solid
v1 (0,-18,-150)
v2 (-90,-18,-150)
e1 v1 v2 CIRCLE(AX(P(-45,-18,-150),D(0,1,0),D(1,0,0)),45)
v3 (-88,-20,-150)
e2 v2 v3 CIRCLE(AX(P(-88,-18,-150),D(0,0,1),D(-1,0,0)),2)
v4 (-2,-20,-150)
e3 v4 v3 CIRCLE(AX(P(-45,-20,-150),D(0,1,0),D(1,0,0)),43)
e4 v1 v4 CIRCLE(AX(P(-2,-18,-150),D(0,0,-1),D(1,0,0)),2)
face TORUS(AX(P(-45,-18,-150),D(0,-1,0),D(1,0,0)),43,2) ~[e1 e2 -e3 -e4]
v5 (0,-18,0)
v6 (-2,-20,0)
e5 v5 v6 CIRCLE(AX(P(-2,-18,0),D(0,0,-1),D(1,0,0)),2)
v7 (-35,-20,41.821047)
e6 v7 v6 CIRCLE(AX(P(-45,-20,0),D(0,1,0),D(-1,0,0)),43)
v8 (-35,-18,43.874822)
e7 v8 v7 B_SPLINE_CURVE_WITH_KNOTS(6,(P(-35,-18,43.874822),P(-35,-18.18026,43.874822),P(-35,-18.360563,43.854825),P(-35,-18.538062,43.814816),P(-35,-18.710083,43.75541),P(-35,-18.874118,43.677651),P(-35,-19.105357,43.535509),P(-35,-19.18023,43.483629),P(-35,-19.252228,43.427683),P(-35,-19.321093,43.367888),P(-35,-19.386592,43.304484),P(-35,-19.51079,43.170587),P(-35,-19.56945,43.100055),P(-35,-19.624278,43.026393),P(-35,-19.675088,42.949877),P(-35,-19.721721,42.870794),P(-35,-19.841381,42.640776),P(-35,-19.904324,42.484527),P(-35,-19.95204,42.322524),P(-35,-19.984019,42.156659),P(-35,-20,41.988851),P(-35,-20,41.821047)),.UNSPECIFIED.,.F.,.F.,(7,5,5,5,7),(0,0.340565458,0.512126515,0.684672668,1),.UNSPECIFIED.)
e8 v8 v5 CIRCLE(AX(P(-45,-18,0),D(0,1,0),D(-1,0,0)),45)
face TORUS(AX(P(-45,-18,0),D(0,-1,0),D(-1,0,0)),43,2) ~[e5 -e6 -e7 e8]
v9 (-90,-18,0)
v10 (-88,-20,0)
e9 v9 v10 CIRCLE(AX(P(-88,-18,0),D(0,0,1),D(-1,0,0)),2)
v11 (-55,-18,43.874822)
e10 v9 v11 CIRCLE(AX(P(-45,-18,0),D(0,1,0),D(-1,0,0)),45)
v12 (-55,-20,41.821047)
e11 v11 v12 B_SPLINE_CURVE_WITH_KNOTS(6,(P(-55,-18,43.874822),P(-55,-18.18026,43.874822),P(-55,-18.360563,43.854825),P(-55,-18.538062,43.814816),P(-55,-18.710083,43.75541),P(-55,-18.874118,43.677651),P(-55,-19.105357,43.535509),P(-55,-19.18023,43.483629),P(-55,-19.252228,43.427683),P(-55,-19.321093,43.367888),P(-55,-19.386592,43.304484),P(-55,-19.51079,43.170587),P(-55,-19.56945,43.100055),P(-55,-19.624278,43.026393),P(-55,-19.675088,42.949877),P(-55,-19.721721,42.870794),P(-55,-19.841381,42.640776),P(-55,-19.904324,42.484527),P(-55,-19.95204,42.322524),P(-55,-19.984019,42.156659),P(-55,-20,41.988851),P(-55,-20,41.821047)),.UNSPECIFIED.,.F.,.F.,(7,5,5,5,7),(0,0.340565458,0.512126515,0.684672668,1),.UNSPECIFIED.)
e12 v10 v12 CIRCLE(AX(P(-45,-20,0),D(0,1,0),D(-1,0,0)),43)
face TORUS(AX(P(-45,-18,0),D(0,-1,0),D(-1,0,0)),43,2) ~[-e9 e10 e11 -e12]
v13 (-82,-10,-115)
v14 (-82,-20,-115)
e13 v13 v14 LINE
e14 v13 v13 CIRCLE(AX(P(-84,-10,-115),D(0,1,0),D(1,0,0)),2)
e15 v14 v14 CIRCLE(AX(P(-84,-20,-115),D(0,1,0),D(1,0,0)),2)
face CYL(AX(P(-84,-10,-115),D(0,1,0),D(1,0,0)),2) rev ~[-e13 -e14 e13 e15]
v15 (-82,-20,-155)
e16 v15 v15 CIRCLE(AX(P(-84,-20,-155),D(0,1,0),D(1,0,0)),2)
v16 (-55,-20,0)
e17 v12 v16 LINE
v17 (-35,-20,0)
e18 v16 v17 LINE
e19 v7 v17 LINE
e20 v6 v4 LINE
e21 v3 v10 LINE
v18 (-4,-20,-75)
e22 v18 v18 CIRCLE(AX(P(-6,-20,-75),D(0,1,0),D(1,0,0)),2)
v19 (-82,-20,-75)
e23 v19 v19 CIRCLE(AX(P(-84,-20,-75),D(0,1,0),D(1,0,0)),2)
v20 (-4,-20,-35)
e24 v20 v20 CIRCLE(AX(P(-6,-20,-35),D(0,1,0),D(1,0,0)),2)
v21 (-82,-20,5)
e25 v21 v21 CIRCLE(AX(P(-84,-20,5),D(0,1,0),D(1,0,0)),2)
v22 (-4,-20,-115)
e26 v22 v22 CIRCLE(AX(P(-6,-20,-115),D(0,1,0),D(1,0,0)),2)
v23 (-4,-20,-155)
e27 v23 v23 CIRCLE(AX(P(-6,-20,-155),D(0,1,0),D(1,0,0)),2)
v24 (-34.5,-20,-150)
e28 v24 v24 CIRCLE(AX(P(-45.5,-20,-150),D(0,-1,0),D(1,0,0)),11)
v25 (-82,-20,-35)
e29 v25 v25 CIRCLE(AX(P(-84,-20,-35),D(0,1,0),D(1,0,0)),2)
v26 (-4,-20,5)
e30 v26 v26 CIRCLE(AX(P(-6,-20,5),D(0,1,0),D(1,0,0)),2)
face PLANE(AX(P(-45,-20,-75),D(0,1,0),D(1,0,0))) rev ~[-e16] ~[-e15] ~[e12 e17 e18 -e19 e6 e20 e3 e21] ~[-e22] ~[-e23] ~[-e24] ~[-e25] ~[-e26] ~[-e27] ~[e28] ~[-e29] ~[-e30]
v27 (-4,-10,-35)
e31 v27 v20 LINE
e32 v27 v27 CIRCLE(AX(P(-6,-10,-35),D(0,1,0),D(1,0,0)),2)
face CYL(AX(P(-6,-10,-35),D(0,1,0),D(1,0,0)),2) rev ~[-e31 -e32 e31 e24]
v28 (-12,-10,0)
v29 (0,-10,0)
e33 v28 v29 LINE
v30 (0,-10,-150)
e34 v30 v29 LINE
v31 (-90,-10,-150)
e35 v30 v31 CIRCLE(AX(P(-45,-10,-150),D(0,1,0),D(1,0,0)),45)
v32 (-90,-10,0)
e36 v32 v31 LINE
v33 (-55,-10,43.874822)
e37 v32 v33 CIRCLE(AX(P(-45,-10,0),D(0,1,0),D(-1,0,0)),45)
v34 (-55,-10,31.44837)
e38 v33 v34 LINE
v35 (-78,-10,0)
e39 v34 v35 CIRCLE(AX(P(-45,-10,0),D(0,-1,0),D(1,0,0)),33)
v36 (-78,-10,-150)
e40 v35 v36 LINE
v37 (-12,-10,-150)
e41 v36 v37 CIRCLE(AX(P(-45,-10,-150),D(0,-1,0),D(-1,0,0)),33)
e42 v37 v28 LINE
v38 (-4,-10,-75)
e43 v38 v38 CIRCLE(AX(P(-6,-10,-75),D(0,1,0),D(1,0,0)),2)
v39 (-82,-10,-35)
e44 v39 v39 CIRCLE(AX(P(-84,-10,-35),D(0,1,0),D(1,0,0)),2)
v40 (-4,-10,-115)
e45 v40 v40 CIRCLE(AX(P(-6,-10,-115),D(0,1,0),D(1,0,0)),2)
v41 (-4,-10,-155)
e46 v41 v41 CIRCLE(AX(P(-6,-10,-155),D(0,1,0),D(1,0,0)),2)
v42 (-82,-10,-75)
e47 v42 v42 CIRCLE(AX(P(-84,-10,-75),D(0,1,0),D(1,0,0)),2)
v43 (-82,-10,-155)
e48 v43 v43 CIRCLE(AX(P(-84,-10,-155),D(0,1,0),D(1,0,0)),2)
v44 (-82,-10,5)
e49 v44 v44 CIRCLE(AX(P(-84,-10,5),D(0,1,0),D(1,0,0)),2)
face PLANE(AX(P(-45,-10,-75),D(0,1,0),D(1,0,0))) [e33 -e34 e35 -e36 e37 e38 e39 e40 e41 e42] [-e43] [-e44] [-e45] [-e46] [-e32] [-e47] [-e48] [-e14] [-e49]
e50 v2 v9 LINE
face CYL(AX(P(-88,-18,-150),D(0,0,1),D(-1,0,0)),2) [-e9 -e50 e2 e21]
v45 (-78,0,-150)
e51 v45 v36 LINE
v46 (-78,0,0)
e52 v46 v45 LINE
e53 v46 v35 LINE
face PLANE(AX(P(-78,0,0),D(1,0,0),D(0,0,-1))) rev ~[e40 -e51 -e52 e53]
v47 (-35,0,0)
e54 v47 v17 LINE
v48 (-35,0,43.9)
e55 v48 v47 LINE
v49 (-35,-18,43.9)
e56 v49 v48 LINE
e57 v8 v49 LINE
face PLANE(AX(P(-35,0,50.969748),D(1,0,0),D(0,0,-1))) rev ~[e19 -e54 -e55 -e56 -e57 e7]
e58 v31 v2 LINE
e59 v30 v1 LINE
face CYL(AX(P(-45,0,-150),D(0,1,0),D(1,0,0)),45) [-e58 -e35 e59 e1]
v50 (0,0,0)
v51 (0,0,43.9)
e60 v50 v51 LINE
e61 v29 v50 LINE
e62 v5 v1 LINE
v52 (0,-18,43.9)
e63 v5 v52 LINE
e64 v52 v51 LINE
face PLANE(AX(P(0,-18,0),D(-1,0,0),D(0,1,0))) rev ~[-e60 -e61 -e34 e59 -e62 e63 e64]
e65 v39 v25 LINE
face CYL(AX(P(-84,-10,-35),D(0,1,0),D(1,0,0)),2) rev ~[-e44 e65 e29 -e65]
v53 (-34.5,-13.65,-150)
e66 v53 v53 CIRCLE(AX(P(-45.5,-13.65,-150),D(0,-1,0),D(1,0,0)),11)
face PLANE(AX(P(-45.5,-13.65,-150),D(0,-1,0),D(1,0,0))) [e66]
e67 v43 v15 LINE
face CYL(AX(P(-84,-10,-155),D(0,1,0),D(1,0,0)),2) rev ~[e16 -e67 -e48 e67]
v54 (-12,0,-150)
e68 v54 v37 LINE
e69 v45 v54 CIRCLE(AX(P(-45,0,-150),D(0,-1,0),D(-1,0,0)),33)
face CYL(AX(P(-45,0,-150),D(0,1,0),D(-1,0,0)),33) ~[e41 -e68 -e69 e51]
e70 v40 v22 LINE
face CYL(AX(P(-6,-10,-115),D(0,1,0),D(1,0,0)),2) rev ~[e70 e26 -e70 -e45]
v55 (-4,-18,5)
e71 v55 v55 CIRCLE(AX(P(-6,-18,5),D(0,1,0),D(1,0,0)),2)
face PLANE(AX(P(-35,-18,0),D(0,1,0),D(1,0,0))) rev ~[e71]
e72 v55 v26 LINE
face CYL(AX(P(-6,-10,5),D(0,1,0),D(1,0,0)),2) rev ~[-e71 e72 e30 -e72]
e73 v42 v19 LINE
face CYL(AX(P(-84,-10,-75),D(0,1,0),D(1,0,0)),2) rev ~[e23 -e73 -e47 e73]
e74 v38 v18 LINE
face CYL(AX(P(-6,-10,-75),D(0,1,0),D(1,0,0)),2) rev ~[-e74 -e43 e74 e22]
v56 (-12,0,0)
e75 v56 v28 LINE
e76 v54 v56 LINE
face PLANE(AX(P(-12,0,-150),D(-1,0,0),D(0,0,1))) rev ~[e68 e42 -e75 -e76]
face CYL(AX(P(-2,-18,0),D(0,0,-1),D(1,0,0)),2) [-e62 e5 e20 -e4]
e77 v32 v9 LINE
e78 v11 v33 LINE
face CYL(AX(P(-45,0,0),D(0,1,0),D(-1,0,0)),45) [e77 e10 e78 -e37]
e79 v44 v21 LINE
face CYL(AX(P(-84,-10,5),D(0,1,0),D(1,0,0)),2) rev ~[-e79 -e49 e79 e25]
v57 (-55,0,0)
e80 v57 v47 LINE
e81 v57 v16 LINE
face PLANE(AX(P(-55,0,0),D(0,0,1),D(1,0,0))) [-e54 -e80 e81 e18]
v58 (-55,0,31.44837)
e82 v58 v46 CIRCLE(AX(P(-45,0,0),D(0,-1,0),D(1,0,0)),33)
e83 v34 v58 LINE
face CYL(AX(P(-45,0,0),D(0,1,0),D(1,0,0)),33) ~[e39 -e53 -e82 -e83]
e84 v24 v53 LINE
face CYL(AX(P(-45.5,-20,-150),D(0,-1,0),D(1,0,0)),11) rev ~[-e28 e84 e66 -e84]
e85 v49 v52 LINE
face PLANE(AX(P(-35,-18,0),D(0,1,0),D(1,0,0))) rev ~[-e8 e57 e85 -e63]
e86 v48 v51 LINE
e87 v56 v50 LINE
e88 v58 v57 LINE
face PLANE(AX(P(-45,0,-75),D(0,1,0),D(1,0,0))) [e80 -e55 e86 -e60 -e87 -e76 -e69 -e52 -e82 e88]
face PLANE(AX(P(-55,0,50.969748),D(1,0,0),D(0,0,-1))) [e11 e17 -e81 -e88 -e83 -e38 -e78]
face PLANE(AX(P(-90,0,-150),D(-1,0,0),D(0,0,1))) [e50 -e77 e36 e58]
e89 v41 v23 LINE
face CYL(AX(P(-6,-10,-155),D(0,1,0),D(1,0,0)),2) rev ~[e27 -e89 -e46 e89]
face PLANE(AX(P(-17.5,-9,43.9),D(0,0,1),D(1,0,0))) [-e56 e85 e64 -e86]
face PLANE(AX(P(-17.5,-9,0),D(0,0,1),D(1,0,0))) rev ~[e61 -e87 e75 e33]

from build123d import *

# Parameters (mm, degrees)
BOSS_EXTRUDE1_DEPTH = 20
FILLET1_R           = 2
SKETCH4_R           = 11
CUT_EXTRUDE2_DEPTH  = 6.35
SKETCH5_OUTSIDE_W   = 143.42
SKETCH5_OUTSIDE_H   = 293.42
CUT_EXTRUDE3_DEPTH  = 10
SKETCH7_R           = 2
CUT_EXTRUDE4_DEPTH  = 11
SKETCH9_W           = 20
SKETCH9_H           = 50.969748303
CUT_EXTRUDE6_DEPTH  = 21
SKETCH10_W          = 35
SKETCH10_H          = 18
BOSS_EXTRUDE2_DEPTH = 43.9


with BuildPart() as part:
    # Sketch1 → Boss-Extrude1 (new body)
    with BuildSketch(Plane(origin=(0, 0, 0), x_dir=(1, 0, 0), z_dir=(0, 1, 0))):
        with BuildLine():
            Line((0, 0), (0, 150))
            ThreePointArc((0, 150), (-45, 195), (-90, 150))
            Line((-90, 150), (-90, 0))
            ThreePointArc((-90, 0), (-45, -45), (0, 0))
        make_face()
    extrude(amount=-BOSS_EXTRUDE1_DEPTH)

    # Fillet1
    fillet1_edges = [part.edges().sort_by_distance(p)[0] for p in [
        (-45, -20, -195),
        (-90, -20, -75),
        (-45, -20, 45),
        (-90, 0, -75),
        (-45, 0, -195),
        (0, 0, -75),
        (-45, 0, 45),
        (0, -20, -75),
    ]]
    fillet(fillet1_edges, radius=FILLET1_R)

    # Sketch4 → Cut-Extrude2 (cut)
    with BuildSketch(Plane.XZ.offset(20)):
        with Locations((-45.5, -150)):
            Circle(SKETCH4_R)
    extrude(amount=-CUT_EXTRUDE2_DEPTH, mode=Mode.SUBTRACT)

    # Sketch5 outside → Cut-Extrude3 (cut)
    with BuildSketch(Plane(origin=(0, 0, 0), x_dir=(1, 0, 0), z_dir=(0, 1, 0))):
        with Locations((-45, 75)):
            Rectangle(SKETCH5_OUTSIDE_W, SKETCH5_OUTSIDE_H)
        with BuildLine():
            Line((-78, 0), (-78, 150))
            ThreePointArc((-78, 150), (-45, 183), (-12, 150))
            Line((-12, 150), (-12, 0))
            ThreePointArc((-12, 0), (-45, -33), (-78, 0))
        make_face(mode=Mode.SUBTRACT)
    extrude(amount=-CUT_EXTRUDE3_DEPTH, mode=Mode.SUBTRACT)

    # Sketch7 → Cut-Extrude4 (cut, through all)
    with BuildSketch(Plane(origin=(0, -10, 0), x_dir=(1, 0, 0), z_dir=(0, 1, 0))):
        with Locations((-6, 75)):
            Circle(SKETCH7_R)
        with Locations((-6, 115)):
            Circle(SKETCH7_R)
        with Locations((-6, 155)):
            Circle(SKETCH7_R)
        with Locations((-6, 35)):
            Circle(SKETCH7_R)
        with Locations((-6, -5)):
            Circle(SKETCH7_R)
        with Locations((-84, -5)):
            Circle(SKETCH7_R)
        with Locations((-84, 35)):
            Circle(SKETCH7_R)
        with Locations((-84, 75)):
            Circle(SKETCH7_R)
        with Locations((-84, 115)):
            Circle(SKETCH7_R)
        with Locations((-84, 155)):
            Circle(SKETCH7_R)
    extrude(amount=-CUT_EXTRUDE4_DEPTH, mode=Mode.SUBTRACT)

    # Sketch9 → Cut-Extrude6 (cut, through all)
    with BuildSketch(Plane(origin=(0, 0, 0), x_dir=(1, 0, 0), z_dir=(0, 1, 0))):
        with Locations((-45, -25.484874152)):
            Rectangle(SKETCH9_W, SKETCH9_H)
    extrude(amount=-CUT_EXTRUDE6_DEPTH, mode=Mode.SUBTRACT)

    # Sketch10 → Boss-Extrude2 (add)
    with BuildSketch(Plane.XY):
        with Locations((-17.5, -9)):
            Rectangle(SKETCH10_W, SKETCH10_H)
    extrude(amount=BOSS_EXTRUDE2_DEPTH)


solid = part.part
